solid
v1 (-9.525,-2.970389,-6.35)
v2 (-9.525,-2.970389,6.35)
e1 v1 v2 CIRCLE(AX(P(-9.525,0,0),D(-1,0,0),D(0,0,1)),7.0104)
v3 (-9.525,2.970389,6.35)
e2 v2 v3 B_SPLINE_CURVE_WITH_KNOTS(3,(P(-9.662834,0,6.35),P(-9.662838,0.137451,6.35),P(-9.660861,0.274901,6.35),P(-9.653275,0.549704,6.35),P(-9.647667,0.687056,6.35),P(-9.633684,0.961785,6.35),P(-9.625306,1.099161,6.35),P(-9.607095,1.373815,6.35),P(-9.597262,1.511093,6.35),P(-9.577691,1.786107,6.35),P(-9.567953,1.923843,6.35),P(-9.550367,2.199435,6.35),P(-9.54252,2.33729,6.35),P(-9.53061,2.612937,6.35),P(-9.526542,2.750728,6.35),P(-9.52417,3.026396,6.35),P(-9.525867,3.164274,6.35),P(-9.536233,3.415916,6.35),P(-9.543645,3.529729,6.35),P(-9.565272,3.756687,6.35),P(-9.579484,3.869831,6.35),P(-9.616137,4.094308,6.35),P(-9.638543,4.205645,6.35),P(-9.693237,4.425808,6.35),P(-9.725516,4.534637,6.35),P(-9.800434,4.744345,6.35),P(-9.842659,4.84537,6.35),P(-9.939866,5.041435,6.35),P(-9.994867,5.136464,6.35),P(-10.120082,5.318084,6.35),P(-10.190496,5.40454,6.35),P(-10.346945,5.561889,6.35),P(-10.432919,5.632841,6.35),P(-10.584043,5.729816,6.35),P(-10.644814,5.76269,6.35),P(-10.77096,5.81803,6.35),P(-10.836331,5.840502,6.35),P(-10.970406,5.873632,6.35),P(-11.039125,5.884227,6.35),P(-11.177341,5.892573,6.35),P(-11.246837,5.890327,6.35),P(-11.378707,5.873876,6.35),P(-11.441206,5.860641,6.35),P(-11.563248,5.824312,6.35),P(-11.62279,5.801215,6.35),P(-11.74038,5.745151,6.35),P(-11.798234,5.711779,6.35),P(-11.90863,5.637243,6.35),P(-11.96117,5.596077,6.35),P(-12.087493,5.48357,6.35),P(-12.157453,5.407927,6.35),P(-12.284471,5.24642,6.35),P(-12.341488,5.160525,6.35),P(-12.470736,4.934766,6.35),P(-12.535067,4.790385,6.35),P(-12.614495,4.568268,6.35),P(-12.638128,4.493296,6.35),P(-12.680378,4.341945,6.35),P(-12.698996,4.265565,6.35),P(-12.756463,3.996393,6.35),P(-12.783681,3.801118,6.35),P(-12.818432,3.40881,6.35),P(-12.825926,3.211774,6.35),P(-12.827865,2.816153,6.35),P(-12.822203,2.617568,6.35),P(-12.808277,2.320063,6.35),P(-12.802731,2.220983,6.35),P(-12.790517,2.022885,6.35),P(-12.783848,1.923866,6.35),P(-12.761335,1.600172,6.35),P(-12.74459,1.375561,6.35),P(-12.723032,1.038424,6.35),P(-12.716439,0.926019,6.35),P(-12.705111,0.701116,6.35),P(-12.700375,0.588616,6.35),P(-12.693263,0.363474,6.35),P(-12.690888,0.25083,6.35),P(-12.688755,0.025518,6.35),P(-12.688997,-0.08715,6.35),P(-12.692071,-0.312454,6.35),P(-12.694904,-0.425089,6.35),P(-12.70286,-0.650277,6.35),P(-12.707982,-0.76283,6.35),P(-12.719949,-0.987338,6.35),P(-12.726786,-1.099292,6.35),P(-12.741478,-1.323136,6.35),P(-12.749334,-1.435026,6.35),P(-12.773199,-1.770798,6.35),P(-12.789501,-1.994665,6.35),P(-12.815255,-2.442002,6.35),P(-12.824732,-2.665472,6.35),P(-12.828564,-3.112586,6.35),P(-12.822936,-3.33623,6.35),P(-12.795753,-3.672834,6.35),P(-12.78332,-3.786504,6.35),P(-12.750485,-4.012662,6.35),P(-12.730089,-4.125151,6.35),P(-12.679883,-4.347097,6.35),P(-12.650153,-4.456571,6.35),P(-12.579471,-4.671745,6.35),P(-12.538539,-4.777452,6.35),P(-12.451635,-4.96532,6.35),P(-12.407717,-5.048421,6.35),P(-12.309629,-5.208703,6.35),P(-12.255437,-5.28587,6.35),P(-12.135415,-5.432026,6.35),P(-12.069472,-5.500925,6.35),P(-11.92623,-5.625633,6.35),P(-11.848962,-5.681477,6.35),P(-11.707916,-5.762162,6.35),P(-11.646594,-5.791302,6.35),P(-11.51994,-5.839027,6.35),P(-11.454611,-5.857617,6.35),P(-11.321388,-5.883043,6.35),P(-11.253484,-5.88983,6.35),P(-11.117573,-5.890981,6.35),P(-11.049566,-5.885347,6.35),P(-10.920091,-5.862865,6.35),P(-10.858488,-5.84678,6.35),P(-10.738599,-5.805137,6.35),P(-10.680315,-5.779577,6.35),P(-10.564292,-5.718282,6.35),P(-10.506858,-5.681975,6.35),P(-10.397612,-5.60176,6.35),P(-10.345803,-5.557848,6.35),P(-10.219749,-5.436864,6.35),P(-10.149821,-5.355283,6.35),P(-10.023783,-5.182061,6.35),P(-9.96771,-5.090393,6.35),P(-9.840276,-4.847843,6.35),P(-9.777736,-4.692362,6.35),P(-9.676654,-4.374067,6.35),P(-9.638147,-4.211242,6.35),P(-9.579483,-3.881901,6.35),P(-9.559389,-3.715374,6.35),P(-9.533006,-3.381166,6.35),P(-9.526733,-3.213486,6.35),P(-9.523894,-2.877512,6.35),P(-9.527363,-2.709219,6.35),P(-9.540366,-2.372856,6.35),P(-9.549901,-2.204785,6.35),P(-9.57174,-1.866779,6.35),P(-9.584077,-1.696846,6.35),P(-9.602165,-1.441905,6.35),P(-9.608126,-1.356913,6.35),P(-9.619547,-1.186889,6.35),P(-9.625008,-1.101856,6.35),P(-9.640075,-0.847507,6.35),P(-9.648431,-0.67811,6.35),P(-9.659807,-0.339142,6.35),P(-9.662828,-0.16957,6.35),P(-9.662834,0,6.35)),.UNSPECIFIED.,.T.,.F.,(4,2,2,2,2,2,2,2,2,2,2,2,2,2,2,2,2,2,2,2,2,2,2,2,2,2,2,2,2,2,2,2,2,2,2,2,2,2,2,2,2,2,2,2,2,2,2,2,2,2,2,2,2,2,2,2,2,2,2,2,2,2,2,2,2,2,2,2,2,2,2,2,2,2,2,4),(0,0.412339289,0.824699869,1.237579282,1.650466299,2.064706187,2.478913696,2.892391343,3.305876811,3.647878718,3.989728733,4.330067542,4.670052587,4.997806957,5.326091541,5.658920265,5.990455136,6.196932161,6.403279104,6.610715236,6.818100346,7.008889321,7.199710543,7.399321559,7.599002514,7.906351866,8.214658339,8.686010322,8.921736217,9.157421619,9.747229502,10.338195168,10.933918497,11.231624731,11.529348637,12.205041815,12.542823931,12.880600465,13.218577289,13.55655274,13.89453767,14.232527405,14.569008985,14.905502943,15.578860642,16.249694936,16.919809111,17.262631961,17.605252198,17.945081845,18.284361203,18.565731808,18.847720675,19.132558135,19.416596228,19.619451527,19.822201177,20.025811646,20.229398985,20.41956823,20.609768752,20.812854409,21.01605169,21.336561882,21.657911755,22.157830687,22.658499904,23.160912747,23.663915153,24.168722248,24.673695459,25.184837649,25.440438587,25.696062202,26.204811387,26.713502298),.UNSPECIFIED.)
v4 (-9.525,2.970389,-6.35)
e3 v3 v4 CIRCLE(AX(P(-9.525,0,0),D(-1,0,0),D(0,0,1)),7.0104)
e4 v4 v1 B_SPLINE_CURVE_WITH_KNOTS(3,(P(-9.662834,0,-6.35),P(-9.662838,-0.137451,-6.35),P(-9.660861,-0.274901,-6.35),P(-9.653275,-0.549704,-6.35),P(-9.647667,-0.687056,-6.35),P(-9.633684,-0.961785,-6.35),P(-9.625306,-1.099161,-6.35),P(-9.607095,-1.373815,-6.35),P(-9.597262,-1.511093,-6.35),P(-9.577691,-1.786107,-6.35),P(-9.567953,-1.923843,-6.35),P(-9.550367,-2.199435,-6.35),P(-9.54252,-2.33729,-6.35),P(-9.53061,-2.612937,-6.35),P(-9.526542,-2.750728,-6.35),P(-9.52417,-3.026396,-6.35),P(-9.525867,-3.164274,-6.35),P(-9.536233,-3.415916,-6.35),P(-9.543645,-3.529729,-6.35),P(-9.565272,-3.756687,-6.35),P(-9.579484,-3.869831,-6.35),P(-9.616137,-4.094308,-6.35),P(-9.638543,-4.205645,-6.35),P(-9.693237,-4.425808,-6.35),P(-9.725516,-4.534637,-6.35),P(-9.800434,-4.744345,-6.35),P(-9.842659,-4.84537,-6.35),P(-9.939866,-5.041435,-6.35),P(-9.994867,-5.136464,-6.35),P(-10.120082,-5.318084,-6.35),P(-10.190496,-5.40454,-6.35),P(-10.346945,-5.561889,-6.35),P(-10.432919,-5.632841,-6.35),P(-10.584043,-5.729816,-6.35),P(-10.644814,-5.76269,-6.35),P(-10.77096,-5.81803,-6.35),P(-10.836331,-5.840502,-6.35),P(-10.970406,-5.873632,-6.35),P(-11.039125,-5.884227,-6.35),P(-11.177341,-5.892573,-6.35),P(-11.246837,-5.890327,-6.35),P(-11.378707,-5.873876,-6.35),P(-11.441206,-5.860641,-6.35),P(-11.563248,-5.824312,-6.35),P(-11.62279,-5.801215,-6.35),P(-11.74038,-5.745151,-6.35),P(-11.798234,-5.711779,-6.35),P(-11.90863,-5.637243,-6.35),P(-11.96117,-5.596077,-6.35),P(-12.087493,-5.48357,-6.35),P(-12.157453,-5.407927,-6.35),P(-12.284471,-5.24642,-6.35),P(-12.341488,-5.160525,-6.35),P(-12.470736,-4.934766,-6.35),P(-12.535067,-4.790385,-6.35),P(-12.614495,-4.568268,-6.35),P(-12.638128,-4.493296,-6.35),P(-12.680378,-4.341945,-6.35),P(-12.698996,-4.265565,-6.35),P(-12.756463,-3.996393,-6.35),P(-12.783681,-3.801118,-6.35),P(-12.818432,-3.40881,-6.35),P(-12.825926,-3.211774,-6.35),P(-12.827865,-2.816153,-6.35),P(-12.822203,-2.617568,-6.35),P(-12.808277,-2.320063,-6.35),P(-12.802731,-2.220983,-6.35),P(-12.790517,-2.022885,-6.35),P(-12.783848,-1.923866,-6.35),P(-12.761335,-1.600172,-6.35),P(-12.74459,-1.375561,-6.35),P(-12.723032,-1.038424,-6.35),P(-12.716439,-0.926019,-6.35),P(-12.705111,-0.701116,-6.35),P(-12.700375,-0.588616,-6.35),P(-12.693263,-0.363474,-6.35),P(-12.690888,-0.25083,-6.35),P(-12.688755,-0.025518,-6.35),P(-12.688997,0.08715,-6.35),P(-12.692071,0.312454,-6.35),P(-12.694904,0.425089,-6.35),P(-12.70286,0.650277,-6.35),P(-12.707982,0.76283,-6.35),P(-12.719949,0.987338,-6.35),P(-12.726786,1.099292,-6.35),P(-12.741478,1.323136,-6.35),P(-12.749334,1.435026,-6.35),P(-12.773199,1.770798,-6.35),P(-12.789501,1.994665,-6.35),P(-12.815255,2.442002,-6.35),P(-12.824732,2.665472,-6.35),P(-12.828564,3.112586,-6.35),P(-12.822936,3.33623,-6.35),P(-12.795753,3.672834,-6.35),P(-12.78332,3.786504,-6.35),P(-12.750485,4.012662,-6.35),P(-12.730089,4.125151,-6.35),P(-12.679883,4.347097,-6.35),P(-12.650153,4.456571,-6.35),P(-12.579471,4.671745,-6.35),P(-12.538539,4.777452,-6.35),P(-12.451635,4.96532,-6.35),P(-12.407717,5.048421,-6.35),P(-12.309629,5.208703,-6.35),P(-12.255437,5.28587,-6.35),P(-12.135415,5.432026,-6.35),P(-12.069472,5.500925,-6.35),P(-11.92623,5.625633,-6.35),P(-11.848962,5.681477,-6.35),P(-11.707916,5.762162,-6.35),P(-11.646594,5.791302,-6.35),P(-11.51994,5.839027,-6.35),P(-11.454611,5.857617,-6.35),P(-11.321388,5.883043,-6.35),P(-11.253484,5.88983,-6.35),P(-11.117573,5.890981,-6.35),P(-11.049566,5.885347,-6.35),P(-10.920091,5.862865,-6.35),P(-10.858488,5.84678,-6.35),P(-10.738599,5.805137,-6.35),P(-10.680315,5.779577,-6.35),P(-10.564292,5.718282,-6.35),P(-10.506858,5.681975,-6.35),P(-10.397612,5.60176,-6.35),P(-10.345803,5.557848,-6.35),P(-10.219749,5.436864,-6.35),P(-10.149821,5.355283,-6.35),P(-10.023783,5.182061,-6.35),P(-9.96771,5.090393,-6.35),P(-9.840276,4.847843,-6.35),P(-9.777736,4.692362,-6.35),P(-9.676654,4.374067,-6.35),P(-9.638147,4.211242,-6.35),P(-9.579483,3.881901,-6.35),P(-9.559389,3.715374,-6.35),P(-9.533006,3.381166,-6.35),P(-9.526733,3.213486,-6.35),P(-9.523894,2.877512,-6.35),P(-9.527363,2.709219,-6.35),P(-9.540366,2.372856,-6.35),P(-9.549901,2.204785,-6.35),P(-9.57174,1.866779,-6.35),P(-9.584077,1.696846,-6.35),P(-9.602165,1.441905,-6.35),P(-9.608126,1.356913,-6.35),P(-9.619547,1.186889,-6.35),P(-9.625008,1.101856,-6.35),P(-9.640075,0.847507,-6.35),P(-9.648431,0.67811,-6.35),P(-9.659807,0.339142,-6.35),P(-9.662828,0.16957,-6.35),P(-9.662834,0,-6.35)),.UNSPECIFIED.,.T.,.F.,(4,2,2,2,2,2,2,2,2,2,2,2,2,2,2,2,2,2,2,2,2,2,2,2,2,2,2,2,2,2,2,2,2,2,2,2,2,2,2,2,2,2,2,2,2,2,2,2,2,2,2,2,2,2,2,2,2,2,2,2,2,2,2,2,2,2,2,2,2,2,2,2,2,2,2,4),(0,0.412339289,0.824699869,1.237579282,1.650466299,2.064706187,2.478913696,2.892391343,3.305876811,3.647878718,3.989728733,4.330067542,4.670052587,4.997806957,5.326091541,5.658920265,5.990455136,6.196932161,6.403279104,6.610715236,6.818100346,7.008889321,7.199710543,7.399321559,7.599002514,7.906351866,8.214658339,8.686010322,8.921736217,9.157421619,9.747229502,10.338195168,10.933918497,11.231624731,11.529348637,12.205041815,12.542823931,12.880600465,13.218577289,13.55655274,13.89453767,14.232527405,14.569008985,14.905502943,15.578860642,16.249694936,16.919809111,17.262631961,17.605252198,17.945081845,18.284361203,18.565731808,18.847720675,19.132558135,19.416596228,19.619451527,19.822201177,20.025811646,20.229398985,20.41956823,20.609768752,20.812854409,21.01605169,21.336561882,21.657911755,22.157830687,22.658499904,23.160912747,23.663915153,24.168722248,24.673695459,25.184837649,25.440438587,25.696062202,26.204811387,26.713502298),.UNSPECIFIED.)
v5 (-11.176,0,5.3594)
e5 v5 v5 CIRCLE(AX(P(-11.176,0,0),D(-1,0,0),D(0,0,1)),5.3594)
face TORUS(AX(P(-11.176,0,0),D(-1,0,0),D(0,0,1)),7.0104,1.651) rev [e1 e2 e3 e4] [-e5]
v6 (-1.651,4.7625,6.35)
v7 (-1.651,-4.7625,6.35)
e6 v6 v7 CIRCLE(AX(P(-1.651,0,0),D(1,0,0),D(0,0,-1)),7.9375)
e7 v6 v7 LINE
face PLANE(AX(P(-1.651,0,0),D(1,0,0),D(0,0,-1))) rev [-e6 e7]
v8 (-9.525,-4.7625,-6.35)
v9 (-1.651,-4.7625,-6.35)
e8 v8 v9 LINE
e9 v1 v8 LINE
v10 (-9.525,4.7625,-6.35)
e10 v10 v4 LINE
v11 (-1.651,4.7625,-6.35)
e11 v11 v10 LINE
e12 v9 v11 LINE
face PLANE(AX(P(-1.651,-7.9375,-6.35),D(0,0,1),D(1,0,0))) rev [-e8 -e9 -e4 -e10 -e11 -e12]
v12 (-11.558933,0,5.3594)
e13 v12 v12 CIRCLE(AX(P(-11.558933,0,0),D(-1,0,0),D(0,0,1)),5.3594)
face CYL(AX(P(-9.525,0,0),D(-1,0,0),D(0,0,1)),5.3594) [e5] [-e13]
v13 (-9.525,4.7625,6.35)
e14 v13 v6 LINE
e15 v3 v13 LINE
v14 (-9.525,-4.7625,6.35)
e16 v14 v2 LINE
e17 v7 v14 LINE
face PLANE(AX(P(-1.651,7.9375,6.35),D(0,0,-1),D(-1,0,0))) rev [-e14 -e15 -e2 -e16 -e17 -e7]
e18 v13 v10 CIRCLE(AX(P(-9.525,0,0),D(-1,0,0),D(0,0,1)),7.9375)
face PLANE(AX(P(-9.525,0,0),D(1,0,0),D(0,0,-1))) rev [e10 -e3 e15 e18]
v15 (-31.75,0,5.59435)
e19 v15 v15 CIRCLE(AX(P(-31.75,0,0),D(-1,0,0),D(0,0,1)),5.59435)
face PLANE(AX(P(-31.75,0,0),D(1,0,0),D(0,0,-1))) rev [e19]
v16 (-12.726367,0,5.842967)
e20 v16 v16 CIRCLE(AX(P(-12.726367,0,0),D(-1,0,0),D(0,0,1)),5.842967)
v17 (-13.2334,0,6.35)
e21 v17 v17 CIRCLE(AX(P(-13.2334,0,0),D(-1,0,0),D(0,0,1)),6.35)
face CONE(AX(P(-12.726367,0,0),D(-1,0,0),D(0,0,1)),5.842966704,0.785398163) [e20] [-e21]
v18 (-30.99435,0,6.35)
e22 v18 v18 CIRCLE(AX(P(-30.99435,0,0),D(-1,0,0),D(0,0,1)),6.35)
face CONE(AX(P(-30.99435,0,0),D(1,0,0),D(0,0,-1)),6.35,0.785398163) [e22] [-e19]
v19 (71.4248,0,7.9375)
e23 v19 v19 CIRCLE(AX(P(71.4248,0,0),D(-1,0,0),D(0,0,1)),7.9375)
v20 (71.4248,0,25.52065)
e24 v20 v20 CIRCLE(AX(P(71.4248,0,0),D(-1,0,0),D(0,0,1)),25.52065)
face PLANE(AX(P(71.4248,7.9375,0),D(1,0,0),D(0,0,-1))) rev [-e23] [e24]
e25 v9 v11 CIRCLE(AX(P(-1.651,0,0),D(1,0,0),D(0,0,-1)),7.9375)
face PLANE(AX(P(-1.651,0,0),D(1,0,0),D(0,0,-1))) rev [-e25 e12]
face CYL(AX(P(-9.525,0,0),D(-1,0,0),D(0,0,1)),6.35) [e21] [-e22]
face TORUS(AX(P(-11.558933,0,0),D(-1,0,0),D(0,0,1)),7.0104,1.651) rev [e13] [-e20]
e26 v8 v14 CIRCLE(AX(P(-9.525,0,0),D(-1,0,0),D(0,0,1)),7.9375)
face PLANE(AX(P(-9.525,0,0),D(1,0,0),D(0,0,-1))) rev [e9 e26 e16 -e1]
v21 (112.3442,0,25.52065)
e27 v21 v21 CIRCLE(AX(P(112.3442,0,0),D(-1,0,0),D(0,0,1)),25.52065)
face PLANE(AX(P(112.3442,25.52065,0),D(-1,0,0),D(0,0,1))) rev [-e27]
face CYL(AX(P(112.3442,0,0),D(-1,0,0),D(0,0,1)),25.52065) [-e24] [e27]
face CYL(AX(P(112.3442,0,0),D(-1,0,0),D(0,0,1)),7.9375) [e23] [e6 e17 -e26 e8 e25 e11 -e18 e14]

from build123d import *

# Parameters (mm, degrees)
SKETCH3_W          = 31.75
SKETCH3_H          = 31.75
SKETCH3_W_2        = 12.7
SKETCH3_H_2        = 15.875
CUT_EXTRUDE1_DEPTH = 8.509


with BuildPart() as part:
    # Sketch1 → Revolve1 (revolve)
    with BuildSketch(Plane.XY):
        Polygon((-9.525, 0), (-9.525, 7.9375), (71.4248, 7.9375), (71.4248, 25.52065), (112.3442, 25.52065), (112.3442, 0), align=None)
    revolve(axis=Axis((112.3442, 0, 0), (-1, 0, 0)))

    # Sketch2 → Revolve2 (revolve)
    with BuildSketch(Plane.XY):
        with BuildLine():
            Line((-31.75, 0), (-31.75, 5.59435))
            Line((-31.75, 5.59435), (-30.99435, 6.35))
            Line((-30.99435, 6.35), (-13.2334, 6.35))
            Line((-13.2334, 6.35), (-12.726366704, 5.842966704))
            ThreePointArc((-12.726366704, 5.842966704), (-12.190743755, 5.485074892), (-11.558933409, 5.3594))
            Line((-11.558933409, 5.3594), (-11.176, 5.3594))
            ThreePointArc((-11.176, 5.3594), (-10.008566704, 5.842966704), (-9.525, 7.0104))
            Line((-9.525, 7.0104), (-9.525, 0))
            Line((-9.525, 0), (-31.75, 0))
        make_face()
    revolve(axis=Axis((-9.525, 0, 0), (-1, 0, 0)))

    # Sketch3 → Cut-Extrude1 (cut)
    with BuildSketch(Plane(origin=(-10.16, 0, 0), x_dir=(0, 0, -1), z_dir=(1, 0, 0))):
        Rectangle(SKETCH3_W, SKETCH3_H)
        Rectangle(SKETCH3_W_2, SKETCH3_H_2, mode=Mode.SUBTRACT)
    extrude(amount=CUT_EXTRUDE1_DEPTH, mode=Mode.SUBTRACT)


solid = part.part
